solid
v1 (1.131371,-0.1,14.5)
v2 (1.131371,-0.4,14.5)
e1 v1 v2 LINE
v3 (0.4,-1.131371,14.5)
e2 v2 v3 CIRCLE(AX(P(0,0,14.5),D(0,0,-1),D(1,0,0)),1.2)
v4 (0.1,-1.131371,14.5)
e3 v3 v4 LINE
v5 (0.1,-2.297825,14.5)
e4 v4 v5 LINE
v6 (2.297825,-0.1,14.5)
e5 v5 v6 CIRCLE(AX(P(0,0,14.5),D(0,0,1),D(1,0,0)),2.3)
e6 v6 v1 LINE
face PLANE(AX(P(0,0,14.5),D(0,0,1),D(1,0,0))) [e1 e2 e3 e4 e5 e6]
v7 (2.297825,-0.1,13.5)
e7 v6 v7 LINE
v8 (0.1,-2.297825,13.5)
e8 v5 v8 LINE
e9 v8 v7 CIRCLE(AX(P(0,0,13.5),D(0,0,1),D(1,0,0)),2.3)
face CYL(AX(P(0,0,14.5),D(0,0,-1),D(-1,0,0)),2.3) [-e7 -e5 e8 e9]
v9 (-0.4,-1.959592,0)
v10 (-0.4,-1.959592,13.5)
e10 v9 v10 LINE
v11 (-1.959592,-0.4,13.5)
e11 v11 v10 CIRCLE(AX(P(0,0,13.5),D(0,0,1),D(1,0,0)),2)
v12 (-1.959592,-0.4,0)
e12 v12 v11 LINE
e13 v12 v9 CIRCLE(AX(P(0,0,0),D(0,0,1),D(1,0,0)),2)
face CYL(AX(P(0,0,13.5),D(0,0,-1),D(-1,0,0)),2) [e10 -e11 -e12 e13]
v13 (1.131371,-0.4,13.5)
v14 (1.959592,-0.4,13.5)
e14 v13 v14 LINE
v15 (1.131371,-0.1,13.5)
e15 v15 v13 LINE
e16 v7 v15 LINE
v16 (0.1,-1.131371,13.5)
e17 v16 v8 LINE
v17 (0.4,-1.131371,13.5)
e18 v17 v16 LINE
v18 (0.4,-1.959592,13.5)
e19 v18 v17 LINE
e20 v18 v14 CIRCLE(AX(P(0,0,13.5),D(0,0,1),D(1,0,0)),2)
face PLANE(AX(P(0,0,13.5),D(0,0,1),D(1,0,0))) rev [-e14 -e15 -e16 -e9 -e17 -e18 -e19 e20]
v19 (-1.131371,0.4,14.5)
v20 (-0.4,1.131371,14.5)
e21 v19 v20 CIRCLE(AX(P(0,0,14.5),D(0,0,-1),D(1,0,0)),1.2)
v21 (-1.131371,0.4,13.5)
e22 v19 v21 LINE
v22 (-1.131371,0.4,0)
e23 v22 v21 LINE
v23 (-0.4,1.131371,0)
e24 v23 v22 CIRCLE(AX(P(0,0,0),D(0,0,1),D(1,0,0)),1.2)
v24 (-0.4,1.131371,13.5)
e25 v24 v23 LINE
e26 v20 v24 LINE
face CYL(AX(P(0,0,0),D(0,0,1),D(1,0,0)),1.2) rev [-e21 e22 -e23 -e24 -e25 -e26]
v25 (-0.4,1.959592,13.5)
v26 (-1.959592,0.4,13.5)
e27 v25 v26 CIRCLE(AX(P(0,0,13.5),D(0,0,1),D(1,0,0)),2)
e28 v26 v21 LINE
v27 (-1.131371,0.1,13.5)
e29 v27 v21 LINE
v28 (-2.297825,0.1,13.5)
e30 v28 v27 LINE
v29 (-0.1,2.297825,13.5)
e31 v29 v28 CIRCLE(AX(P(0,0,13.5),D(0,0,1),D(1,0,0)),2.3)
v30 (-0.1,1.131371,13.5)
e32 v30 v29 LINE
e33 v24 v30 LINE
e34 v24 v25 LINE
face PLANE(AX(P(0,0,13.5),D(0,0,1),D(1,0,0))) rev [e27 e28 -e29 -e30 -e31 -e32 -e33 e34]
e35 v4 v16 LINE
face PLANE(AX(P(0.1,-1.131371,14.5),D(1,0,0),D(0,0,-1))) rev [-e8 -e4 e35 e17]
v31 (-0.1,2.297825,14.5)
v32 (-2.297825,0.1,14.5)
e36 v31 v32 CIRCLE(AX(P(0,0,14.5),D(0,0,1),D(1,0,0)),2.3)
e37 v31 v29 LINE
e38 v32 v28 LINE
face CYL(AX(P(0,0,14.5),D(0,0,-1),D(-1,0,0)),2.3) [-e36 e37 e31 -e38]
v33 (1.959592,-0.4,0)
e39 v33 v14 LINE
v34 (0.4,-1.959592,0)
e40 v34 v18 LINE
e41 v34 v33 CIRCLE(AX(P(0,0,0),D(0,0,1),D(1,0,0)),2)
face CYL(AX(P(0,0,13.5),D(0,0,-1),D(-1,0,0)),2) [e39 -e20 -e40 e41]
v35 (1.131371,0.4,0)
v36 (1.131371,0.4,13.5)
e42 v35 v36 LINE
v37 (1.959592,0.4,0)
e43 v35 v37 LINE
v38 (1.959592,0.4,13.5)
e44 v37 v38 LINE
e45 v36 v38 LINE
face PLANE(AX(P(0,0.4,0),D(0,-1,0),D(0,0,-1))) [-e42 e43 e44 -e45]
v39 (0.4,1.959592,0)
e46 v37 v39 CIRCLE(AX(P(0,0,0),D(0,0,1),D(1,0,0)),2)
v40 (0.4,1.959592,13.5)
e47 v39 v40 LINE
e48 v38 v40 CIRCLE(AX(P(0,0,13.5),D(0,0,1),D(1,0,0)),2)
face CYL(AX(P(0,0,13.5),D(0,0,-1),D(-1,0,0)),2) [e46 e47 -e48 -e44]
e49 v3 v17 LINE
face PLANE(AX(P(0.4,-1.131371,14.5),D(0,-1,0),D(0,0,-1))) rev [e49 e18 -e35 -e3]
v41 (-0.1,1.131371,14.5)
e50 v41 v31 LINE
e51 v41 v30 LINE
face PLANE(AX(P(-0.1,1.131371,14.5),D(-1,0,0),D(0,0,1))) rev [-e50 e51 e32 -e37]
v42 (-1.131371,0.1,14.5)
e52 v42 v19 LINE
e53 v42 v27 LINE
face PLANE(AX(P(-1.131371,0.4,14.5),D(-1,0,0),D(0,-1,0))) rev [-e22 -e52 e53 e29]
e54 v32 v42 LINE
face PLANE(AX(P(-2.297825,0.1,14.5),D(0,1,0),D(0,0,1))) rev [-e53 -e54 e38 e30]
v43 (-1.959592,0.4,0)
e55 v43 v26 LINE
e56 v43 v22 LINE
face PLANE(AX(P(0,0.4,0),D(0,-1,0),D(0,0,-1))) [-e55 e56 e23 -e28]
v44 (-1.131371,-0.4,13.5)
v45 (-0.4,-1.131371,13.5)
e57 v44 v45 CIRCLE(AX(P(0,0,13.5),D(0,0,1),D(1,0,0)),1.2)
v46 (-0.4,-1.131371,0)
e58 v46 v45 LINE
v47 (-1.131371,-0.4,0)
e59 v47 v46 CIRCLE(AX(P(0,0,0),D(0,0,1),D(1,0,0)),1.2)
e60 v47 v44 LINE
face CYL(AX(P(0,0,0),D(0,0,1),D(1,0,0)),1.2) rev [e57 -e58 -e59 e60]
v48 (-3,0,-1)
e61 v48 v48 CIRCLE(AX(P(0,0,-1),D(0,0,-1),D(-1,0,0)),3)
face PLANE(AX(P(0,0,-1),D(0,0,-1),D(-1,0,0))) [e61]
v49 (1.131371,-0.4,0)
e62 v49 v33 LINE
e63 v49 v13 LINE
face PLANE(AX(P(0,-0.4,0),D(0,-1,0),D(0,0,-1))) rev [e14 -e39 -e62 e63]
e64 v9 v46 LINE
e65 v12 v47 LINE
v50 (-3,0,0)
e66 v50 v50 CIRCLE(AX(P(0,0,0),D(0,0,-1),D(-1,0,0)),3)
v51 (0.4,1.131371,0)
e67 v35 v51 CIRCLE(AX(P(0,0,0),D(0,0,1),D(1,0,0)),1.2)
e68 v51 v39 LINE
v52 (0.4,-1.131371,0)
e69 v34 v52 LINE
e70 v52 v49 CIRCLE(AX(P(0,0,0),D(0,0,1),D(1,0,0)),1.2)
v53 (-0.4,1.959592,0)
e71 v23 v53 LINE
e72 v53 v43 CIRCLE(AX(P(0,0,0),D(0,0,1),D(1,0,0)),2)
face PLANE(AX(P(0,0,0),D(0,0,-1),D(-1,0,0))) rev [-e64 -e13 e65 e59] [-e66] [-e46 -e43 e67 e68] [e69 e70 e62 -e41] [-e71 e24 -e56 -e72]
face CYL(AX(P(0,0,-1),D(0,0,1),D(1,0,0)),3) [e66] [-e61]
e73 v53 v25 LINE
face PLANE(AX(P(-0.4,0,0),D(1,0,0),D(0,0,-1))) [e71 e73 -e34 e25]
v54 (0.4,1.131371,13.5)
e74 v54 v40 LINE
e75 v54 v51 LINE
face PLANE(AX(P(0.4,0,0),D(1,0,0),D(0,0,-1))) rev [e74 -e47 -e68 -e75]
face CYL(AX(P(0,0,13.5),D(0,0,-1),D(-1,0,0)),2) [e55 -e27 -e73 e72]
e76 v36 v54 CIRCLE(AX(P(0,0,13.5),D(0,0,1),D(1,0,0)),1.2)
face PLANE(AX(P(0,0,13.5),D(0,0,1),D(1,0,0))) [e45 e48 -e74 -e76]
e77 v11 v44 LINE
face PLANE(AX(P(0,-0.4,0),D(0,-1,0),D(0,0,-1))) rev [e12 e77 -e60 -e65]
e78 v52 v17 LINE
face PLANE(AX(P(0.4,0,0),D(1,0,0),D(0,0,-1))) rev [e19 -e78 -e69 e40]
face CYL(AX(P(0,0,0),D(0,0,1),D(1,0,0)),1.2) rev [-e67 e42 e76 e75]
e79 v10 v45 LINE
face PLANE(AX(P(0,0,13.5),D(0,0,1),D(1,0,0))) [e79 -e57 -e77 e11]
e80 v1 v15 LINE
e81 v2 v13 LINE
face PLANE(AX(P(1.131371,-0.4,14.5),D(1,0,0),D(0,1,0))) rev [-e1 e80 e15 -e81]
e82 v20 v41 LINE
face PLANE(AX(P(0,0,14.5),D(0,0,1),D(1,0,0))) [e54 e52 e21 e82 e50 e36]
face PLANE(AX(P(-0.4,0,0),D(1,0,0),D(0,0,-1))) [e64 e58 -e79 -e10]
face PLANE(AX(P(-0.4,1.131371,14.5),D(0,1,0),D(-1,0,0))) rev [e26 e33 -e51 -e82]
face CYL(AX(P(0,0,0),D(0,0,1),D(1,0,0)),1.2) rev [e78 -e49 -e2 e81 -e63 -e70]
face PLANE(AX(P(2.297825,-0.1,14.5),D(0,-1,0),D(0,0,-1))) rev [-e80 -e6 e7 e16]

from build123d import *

# Parameters (mm, degrees)
SKETCH1_R           = 2
BOSS_EXTRUDE1_DEPTH = 13.5
SKETCH2_R           = 1.2
CUT_EXTRUDE1_DEPTH  = 14.793114224
SKETCH3_W           = 0.8
SKETCH3_H           = 6.59267807
SKETCH3_W_2         = 7.006923124
SKETCH3_H_2         = 0.8
CUT_EXTRUDE3_DEPTH  = 14.793114224
BOSS_EXTRUDE2_DEPTH = 1
SKETCH5_R           = 3
BOSS_EXTRUDE3_DEPTH = 1


with BuildPart() as part:
    # Sketch1 → Boss-Extrude1 (new body)
    with BuildSketch(Plane.XY):
        Circle(SKETCH1_R)
    extrude(amount=BOSS_EXTRUDE1_DEPTH)

    # Sketch2 → Cut-Extrude1 (cut, through all)
    with BuildSketch(Plane.XY.offset(13.5)):
        Circle(SKETCH2_R)
    extrude(amount=-CUT_EXTRUDE1_DEPTH, mode=Mode.SUBTRACT)

    # Sketch3 → Cut-Extrude3 (cut, through all)
    with BuildSketch(Plane.XY.offset(13.5)):
        Rectangle(SKETCH3_W, SKETCH3_H)
        Rectangle(SKETCH3_W_2, SKETCH3_H_2)
    extrude(amount=-CUT_EXTRUDE3_DEPTH, mode=Mode.SUBTRACT)


with BuildPart() as cut_extrude3_piece_1:
    # of the separate pieces the step leaves, piece 1, a body of its own (cut_extrude3_pieces)
    add(part.part.solids().sort_by_distance((1.959591794, 0.4, 0))[0])



with BuildPart() as cut_extrude3_piece_2:
    # of the separate pieces the step leaves, piece 2, a body of its own (cut_extrude3_pieces)
    add(part.part.solids().sort_by_distance((0.4, -1.959591794, 0))[0])



with BuildPart() as cut_extrude3_piece_3:
    # of the separate pieces the step leaves, piece 3, a body of its own (cut_extrude3_pieces)
    add(part.part.solids().sort_by_distance((-1.959591794, -0.4, 0))[0])


with BuildPart() as cut_extrude3_piece_4:
    # of the separate pieces the step leaves, piece 4, a body of its own (cut_extrude3_pieces)
    add(part.part.solids().sort_by_distance((-0.4, 1.959591794, 0))[0])


with BuildPart() as cut_extrude3_piece_2_1:
    add(cut_extrude3_piece_2.part)

    add(cut_extrude3_piece_4.part)  # Boss-Extrude2 merges Cut-Extrude3 piece 4
    # Sketch4 → Boss-Extrude2 (add)
    with BuildSketch(Plane.XY.offset(13.5)):
        with BuildLine():
            Line((-2.297825059, 0.1), (-1.13137085, 0.1))
            Line((-1.13137085, 0.1), (-1.13137085, 0.4))
            ThreePointArc((-1.13137085, 0.4), (-0.848528137, 0.848528137), (-0.4, 1.13137085))
            Line((-0.4, 1.13137085), (-0.1, 1.13137085))
            Line((-0.1, 1.13137085), (-0.1, 2.297825059))
            ThreePointArc((-0.1, 2.297825059), (-1.626345597, 1.626345597), (-2.297825059, 0.1))
        make_face()
        with BuildLine():
            Line((0.1, -1.13137085), (0.1, -2.297825059))
            ThreePointArc((0.1, -2.297825059), (1.626345597, -1.626345597), (2.297825059, -0.1))
            Line((2.297825059, -0.1), (1.13137085, -0.1))
            Line((1.13137085, -0.1), (1.13137085, -0.4))
            ThreePointArc((1.13137085, -0.4), (0.848528137, -0.848528137), (0.4, -1.13137085))
            Line((0.4, -1.13137085), (0.1, -1.13137085))
        make_face()
    extrude(amount=BOSS_EXTRUDE2_DEPTH)


with BuildPart() as cut_extrude3_piece_1_1:
    add(cut_extrude3_piece_1.part)

    add(cut_extrude3_piece_2_1.part)  # Boss-Extrude3 merges Cut-Extrude3 piece 2

    add(cut_extrude3_piece_3.part)  # Boss-Extrude3 merges Cut-Extrude3 piece 3
    # Sketch5 → Boss-Extrude3 (add)
    with BuildSketch(Plane(origin=(0, 0, 0), x_dir=(-1, 0, 0), z_dir=(0, 0, -1))):
        Circle(SKETCH5_R)
    extrude(amount=BOSS_EXTRUDE3_DEPTH)


solid = cut_extrude3_piece_1_1.part
